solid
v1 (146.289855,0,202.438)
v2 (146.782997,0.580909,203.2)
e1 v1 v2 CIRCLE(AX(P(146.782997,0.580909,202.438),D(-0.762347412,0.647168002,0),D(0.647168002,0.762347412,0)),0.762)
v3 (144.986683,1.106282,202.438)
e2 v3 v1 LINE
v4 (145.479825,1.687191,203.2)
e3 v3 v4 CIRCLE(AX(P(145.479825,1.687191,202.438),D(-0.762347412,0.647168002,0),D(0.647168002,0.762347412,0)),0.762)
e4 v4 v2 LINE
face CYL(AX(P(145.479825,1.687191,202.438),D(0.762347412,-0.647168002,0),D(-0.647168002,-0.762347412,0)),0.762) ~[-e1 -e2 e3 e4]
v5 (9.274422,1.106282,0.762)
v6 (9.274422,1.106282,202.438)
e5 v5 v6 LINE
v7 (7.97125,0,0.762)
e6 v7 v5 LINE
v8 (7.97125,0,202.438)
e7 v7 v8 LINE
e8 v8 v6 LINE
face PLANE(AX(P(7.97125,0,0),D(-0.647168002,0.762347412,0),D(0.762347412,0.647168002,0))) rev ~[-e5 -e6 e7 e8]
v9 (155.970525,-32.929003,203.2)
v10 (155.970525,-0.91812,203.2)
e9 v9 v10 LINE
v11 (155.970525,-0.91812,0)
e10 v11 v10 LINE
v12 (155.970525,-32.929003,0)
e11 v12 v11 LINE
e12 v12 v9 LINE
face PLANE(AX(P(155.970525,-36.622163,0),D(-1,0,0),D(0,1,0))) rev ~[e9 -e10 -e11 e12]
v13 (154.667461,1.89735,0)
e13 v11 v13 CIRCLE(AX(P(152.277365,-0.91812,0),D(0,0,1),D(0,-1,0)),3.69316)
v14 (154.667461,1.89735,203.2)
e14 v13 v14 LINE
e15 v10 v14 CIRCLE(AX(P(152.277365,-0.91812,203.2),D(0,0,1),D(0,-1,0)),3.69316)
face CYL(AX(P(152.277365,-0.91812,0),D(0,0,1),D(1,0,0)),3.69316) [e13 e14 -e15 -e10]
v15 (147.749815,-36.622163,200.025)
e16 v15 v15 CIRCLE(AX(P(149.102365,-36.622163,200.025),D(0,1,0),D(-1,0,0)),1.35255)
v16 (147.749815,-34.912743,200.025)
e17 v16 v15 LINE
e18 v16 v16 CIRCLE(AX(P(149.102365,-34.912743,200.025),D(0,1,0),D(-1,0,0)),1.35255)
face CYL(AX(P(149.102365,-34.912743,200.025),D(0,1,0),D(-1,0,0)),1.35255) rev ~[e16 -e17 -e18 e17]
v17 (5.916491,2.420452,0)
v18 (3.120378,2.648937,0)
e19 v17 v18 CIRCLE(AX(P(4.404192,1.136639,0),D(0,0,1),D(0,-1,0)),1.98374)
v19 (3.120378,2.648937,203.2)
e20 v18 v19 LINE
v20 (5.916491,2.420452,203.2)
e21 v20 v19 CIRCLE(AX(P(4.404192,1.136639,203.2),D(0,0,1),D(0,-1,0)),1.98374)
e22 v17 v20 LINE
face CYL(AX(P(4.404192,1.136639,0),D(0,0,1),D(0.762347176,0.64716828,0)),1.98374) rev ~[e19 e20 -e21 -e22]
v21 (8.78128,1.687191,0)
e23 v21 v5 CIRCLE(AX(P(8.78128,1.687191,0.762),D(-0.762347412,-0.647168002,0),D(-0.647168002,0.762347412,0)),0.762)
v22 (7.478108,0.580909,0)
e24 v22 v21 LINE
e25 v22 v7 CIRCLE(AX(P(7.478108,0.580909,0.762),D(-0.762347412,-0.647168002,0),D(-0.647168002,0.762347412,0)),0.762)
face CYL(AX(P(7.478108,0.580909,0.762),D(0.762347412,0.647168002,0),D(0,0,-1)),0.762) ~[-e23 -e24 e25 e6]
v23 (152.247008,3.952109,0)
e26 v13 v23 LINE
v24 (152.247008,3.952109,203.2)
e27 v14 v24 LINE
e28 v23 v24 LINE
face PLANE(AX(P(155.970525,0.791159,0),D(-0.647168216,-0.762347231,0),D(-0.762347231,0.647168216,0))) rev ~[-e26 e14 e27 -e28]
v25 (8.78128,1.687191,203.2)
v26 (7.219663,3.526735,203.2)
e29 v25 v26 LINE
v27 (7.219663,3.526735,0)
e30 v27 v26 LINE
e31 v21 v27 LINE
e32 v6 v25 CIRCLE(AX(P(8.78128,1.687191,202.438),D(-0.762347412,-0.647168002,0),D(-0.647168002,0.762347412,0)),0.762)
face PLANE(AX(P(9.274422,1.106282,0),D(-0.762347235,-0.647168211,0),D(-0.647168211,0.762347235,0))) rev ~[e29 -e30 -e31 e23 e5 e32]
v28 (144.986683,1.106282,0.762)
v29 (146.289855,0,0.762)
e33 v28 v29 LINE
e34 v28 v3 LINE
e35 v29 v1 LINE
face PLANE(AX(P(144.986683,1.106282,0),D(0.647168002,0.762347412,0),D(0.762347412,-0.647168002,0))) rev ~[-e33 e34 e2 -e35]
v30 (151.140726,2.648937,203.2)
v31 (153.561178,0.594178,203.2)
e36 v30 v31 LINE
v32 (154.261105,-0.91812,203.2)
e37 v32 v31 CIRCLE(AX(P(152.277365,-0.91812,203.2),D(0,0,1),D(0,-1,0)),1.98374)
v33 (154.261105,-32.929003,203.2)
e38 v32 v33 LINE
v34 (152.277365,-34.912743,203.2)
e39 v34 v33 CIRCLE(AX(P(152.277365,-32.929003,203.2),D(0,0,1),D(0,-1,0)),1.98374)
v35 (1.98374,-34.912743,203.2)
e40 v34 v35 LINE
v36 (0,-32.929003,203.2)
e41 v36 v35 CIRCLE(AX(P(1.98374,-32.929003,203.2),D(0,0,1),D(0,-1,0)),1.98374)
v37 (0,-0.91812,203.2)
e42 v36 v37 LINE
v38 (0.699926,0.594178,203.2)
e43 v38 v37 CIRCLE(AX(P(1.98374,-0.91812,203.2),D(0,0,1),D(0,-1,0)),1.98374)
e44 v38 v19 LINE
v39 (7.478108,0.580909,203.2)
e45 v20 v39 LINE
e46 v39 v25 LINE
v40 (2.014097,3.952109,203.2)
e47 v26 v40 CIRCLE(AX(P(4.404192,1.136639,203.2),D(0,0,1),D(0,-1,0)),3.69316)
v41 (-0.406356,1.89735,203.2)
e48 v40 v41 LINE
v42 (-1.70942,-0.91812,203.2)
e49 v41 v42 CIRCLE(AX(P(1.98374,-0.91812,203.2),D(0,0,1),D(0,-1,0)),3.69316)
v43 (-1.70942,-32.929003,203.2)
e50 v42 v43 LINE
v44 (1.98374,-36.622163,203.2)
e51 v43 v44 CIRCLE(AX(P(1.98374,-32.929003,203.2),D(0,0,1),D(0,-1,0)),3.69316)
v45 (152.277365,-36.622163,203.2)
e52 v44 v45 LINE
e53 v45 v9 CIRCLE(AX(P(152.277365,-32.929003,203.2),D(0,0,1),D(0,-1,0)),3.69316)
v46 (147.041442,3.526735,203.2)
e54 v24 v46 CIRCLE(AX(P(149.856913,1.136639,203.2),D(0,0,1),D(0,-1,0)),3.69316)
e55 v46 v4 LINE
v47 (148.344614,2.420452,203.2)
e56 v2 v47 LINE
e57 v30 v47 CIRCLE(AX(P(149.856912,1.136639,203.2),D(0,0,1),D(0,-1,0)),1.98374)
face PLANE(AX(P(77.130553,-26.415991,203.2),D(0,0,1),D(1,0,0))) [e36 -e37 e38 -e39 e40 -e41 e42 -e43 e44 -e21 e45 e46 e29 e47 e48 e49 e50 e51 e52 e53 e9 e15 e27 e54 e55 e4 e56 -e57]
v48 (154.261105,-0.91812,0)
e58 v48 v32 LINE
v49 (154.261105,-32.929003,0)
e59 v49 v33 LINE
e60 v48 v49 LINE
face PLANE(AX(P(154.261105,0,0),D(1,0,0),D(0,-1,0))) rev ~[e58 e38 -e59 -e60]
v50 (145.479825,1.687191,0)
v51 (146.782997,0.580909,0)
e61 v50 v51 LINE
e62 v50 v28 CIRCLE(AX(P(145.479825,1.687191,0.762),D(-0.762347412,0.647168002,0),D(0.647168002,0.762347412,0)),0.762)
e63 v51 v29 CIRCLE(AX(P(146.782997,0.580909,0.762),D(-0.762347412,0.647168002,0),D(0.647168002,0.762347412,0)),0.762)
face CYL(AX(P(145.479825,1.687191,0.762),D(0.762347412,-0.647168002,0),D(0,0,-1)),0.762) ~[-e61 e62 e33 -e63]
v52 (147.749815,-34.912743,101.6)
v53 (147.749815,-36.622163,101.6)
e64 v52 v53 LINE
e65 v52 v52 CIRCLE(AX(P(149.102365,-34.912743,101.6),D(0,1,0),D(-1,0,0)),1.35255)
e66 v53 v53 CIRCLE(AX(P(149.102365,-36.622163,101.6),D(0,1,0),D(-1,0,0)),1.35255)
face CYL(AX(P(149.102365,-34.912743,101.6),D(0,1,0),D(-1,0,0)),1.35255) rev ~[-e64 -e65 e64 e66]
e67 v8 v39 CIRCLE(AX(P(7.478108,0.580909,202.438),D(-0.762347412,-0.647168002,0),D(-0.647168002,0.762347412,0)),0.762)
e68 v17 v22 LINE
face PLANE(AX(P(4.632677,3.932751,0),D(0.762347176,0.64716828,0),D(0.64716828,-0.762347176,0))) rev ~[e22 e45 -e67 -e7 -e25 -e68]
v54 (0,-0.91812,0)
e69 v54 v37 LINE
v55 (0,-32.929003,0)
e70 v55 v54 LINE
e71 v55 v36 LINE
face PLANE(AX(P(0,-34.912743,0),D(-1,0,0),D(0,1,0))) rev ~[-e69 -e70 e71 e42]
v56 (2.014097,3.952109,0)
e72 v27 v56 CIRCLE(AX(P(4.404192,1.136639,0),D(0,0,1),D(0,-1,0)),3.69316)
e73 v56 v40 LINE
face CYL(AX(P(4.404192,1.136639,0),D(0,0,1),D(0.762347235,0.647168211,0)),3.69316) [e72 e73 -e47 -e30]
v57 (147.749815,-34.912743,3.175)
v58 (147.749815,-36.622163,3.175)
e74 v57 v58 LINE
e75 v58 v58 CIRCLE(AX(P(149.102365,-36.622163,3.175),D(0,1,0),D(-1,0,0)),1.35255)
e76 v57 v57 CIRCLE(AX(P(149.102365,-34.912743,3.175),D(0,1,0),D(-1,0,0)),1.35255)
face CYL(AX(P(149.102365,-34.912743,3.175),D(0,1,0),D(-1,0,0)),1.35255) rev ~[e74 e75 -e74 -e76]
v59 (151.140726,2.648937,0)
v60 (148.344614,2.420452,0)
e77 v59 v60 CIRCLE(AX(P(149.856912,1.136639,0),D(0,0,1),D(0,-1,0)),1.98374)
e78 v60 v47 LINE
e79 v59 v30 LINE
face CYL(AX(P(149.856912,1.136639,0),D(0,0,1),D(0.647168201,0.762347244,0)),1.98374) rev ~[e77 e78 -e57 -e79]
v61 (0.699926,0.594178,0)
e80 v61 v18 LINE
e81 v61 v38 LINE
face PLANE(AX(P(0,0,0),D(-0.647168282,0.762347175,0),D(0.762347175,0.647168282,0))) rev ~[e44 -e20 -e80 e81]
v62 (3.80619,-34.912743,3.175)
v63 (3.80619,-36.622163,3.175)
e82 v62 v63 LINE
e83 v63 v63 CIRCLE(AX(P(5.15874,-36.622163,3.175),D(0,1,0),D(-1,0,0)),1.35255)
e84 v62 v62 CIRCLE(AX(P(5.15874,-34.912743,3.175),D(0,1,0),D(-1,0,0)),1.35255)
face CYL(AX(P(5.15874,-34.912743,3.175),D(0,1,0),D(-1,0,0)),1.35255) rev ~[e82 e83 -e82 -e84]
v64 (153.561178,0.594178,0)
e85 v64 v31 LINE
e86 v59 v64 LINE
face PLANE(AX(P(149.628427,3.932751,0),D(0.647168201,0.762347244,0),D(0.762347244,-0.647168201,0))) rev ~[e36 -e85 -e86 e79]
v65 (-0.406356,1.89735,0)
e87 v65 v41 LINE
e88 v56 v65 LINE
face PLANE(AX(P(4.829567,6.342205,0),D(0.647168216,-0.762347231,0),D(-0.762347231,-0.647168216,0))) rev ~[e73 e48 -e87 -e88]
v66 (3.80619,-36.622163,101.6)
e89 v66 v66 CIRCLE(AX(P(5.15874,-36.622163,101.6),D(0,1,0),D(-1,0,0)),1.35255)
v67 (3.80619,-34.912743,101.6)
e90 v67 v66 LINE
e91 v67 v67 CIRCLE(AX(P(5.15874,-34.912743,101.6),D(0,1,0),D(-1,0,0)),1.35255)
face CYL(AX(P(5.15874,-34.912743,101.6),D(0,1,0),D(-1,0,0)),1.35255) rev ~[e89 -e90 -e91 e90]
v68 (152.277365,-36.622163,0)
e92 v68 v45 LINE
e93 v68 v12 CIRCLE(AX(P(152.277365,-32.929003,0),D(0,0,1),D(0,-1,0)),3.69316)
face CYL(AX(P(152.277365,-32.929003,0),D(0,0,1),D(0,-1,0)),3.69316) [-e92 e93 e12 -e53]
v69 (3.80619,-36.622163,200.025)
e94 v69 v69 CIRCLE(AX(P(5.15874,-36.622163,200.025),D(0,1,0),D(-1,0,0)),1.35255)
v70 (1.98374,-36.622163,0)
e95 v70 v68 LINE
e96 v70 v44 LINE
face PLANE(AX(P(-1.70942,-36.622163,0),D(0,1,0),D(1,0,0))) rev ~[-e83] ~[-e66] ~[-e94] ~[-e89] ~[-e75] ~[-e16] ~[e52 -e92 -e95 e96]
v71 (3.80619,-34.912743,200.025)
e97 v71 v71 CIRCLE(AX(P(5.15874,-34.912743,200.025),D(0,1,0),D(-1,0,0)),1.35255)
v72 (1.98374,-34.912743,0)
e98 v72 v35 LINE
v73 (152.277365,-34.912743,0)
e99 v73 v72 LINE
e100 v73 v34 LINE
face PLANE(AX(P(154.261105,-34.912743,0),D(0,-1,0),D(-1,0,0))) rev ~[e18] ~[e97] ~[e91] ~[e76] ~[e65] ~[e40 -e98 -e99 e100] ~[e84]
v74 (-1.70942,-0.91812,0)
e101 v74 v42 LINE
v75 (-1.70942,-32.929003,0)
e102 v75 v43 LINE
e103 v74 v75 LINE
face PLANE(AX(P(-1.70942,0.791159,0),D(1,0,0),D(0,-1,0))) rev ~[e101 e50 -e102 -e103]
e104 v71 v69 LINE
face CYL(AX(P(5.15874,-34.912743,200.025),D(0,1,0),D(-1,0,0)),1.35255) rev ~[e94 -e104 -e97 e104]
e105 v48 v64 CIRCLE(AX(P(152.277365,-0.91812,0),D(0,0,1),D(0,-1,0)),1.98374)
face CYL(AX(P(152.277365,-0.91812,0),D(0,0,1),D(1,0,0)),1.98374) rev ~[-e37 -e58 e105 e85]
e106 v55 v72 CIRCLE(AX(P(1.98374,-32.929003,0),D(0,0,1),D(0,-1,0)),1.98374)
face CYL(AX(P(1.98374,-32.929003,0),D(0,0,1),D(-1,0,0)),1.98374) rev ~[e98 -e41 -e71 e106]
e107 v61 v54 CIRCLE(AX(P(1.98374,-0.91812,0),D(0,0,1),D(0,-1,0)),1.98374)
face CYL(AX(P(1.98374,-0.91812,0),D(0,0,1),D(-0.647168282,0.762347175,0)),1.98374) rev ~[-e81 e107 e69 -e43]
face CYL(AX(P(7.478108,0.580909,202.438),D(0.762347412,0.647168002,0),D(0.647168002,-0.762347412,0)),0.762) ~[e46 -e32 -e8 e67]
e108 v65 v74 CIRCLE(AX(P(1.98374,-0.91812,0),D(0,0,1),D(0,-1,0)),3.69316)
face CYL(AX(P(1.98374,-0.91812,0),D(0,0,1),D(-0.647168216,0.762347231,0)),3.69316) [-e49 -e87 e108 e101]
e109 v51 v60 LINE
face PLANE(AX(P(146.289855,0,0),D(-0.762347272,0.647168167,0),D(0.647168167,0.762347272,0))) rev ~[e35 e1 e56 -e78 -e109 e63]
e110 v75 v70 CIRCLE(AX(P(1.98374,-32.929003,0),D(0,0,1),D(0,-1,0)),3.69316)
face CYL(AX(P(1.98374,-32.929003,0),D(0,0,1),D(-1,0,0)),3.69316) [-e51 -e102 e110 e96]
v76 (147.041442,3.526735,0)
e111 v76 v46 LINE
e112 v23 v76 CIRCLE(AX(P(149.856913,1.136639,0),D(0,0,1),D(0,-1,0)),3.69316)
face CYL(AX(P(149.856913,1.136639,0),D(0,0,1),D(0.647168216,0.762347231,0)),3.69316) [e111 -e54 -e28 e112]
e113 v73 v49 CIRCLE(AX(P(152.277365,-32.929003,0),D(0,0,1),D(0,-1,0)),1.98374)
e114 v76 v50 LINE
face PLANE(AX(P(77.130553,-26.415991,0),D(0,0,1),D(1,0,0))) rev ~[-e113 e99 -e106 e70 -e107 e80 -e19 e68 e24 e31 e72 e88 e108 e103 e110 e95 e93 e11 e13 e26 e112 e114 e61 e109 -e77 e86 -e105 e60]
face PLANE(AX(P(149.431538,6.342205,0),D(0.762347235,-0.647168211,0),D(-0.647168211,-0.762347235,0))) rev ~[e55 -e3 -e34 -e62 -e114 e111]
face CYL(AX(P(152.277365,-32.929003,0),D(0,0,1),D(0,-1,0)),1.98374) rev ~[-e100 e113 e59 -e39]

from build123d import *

# Parameters (mm, degrees)
F1_DEPTH = 203.2
F2_R     = 3.69316
F3_R     = 1.98374
F4_R     = 0.762
F5_R     = 1.35255
F6_DEPTH = 1.70942


with BuildPart() as f1:
    # F0 (on Top) → F1 (new body)
    with BuildSketch(Plane.XY):
        Polygon((0, -34.912743), (0, 0), (4.632677, 3.932751), (7.97125, 0), (9.274422, 1.106282), (4.829567, 6.342205), (-1.70942, 0.791159), (-1.70942, -36.622163), (155.970525, -36.622163), (155.970525, 0.791159), (149.431538, 6.342205), (144.986683, 1.106282), (146.289855, 0), (149.628427, 3.932751), (154.261105, 0), (154.261105, -34.912743), align=None)
    extrude(amount=F1_DEPTH)

    # F2
    f2_edges = [f1.edges().sort_by_distance(p)[0] for p in [
        (149.431538, 6.342205, 101.6),
        (155.970525, 0.791159, 101.6),
        (155.970525, -36.622163, 101.6),
        (-1.70942, -36.622163, 101.6),
        (-1.70942, 0.791159, 101.6),
        (4.829567, 6.342205, 101.6),
    ]]
    fillet(f2_edges, radius=F2_R)

    # F3
    f3_edges = [f1.edges().sort_by_distance(p)[0] for p in [
        (149.628427, 3.932751, 101.6),
        (154.261105, 0, 101.6),
        (154.261105, -34.912743, 101.6),
        (0, -34.912743, 101.6),
        (0, 0, 101.6),
        (4.632677, 3.932751, 101.6),
    ]]
    fillet(f3_edges, radius=F3_R)

    # F4
    f4_edges = [f1.edges().sort_by_distance(p)[0] for p in [
        (145.638269, 0.553141, 203.2),
        (145.638269, 0.553141, 0),
        (8.622836, 0.553141, 0),
        (8.622836, 0.553141, 203.2),
    ]]
    fillet(f4_edges, radius=F4_R)

    # F5 (on face) → F6 (cut, through all)
    with BuildSketch(Plane(origin=(0, -34.912743, 0), x_dir=(-1, 0, 0), z_dir=(0, 1, 0))):
        with Locations((-5.15874, 3.175)):
            Circle(F5_R)
        with Locations((-5.15874, 101.6)):
            Circle(F5_R)
        with Locations((-5.15874, 200.025)):
            Circle(F5_R)
        with Locations((-149.102365, 200.025)):
            Circle(F5_R)
        with Locations((-149.102365, 101.6)):
            Circle(F5_R)
        with Locations((-149.102365, 3.175)):
            Circle(F5_R)
    extrude(amount=-F6_DEPTH, mode=Mode.SUBTRACT)


solid = f1.part
